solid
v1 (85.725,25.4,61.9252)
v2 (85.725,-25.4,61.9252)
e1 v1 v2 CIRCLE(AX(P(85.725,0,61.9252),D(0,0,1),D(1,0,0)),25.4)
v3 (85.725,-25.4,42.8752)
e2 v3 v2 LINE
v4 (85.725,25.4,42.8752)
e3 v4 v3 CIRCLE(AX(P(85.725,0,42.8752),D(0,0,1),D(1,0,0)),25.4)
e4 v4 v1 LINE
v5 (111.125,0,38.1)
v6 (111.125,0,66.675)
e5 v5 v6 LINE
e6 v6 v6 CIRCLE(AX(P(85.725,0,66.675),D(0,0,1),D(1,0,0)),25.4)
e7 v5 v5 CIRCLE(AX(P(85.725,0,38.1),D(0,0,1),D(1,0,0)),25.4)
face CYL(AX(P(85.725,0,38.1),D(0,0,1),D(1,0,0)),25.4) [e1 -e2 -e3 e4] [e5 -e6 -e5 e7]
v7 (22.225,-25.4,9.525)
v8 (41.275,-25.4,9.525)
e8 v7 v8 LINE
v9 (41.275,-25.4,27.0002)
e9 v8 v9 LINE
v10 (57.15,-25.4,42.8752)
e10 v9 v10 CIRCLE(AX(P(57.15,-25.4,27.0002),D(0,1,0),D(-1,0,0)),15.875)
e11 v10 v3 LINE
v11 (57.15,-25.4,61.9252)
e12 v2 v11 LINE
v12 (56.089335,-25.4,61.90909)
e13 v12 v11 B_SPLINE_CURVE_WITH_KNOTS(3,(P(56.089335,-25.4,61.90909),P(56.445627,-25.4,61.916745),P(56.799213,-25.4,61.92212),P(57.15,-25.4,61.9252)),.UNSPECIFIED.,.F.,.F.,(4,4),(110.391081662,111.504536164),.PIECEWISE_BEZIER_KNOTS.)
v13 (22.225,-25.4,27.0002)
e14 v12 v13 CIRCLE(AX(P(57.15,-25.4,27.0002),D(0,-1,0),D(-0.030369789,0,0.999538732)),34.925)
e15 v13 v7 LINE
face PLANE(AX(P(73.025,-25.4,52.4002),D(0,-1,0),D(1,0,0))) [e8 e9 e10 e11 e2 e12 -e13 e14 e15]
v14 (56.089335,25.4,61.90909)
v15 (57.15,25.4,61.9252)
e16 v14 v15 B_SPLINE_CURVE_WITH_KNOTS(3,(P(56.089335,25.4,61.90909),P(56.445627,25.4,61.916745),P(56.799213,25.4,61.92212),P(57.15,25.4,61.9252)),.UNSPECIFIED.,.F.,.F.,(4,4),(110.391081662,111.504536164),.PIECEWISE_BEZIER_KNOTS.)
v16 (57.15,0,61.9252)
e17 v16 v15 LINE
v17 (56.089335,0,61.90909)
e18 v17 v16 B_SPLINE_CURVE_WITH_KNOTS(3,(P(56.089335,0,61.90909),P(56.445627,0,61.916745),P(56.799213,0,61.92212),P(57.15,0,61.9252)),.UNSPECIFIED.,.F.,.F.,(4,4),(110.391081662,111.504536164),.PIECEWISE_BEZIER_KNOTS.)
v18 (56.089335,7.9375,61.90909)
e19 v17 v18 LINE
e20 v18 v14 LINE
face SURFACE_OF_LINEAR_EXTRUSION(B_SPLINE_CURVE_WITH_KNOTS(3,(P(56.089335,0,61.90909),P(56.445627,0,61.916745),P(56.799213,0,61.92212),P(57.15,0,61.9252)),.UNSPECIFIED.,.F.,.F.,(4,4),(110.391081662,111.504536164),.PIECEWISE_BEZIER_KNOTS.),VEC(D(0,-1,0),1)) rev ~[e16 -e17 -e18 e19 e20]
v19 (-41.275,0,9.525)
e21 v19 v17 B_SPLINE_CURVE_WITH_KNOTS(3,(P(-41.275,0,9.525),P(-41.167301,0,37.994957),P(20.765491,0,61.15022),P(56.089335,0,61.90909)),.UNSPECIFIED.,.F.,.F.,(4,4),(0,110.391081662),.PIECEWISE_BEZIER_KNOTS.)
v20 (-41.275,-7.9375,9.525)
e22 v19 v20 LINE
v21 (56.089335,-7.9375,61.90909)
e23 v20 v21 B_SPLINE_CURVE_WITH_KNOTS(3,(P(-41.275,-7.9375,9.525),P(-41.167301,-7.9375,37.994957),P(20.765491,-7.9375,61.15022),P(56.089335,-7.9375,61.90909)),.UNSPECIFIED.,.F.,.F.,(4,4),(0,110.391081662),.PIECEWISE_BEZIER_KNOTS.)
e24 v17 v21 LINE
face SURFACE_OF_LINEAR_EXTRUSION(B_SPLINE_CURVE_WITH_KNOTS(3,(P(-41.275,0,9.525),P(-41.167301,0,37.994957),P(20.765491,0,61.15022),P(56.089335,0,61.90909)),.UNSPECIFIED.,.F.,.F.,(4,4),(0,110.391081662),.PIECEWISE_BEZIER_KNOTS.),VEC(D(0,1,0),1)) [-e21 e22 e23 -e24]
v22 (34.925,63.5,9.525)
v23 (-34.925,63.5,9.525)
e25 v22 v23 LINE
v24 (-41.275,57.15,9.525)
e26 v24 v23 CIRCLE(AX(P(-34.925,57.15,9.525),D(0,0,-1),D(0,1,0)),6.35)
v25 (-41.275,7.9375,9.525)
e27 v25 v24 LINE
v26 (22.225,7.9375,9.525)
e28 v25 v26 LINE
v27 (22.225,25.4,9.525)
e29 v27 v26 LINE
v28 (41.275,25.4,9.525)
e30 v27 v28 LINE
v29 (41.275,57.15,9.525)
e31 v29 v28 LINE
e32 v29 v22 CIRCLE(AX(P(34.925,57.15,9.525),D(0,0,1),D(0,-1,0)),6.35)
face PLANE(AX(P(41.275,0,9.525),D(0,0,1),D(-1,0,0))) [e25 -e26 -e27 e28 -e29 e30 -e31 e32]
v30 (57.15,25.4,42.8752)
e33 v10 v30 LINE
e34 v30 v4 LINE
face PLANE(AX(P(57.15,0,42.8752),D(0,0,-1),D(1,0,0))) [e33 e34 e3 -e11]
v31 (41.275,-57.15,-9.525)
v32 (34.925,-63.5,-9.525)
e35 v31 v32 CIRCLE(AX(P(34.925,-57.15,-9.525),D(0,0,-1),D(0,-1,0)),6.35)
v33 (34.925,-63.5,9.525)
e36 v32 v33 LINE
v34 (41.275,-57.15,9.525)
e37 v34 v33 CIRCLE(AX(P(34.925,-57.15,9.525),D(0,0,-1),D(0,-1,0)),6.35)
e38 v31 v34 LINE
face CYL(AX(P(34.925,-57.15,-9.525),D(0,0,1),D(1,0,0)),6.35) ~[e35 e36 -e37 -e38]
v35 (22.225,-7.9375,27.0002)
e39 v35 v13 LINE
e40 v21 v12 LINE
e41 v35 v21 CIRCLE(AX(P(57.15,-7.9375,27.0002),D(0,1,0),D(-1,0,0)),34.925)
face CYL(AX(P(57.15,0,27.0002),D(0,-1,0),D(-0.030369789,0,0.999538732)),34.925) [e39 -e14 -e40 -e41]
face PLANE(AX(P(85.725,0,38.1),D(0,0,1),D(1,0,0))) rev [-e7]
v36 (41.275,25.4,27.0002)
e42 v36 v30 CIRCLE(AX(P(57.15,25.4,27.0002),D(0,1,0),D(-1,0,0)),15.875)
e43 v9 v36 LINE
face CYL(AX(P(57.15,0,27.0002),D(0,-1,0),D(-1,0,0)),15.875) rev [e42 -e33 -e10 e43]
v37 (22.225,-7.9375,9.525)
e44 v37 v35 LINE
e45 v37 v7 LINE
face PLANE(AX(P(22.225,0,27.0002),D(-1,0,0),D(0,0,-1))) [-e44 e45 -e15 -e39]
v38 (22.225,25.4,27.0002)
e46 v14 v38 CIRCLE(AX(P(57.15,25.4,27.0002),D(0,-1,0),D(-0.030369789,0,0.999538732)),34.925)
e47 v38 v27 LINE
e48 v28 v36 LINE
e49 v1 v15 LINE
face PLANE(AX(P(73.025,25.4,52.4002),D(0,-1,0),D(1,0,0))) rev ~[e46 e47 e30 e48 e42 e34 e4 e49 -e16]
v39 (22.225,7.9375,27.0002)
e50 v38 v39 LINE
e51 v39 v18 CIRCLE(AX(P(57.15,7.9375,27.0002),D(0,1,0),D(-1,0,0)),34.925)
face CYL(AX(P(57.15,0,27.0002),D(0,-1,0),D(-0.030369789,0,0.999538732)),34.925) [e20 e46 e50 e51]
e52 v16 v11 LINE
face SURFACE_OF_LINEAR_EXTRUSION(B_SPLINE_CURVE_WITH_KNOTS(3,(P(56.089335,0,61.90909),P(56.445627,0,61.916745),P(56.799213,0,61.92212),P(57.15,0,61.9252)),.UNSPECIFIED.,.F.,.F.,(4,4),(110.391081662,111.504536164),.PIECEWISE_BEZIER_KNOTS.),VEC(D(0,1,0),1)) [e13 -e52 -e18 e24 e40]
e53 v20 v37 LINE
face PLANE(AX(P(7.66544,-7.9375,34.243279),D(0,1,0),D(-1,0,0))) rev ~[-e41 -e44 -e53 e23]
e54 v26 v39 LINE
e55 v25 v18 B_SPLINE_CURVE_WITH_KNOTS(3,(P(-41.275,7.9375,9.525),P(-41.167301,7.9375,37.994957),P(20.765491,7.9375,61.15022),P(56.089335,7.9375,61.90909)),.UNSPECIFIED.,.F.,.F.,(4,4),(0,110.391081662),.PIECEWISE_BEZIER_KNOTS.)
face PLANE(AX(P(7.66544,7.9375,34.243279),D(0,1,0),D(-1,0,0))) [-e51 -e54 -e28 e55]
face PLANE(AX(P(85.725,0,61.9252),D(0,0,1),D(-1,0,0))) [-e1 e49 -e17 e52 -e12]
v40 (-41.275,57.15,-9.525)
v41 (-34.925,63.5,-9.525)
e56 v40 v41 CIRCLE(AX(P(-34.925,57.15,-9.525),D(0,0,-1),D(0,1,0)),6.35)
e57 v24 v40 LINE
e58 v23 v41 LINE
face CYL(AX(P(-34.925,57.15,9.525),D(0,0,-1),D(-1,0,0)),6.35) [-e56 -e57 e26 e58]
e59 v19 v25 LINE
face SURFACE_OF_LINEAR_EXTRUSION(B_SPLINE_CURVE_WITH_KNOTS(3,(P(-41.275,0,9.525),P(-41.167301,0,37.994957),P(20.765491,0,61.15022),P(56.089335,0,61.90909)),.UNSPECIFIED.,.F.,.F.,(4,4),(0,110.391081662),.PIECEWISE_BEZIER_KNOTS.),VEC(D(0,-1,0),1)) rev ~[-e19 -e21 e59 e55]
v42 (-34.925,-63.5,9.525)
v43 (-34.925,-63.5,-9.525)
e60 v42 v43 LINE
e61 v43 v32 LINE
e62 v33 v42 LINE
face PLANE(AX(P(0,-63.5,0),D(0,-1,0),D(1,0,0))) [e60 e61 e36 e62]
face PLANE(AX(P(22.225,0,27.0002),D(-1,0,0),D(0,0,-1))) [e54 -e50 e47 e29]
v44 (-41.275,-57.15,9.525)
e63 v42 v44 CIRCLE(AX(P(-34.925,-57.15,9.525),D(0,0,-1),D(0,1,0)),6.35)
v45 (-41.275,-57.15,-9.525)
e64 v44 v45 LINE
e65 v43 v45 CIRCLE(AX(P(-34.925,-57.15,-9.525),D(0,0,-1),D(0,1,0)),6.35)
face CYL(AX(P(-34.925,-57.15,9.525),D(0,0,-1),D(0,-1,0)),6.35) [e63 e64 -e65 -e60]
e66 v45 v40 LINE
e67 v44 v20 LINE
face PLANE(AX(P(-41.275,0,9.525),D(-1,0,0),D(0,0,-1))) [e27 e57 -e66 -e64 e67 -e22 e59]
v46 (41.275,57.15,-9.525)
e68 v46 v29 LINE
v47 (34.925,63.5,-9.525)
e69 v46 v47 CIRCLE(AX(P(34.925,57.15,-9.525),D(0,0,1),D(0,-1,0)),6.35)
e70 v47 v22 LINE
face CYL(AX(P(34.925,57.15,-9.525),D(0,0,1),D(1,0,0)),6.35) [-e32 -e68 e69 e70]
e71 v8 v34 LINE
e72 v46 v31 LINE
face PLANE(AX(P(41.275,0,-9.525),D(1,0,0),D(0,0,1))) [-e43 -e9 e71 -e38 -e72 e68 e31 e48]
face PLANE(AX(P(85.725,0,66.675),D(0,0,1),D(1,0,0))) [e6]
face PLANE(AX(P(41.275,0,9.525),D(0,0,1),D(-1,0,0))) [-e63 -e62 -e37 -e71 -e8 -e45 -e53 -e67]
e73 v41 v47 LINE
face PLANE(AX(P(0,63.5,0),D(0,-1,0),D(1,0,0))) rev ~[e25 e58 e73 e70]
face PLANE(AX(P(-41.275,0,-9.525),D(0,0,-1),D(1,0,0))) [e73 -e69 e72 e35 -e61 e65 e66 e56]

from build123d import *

# Parameters (mm, degrees)
F1_DEPTH = 63.5
F0_W     = 25.4
F0_H     = 19.05
F2_DEPTH = 25.4
F3_DEPTH = 7.9375
F5_R     = 6.35


with BuildPart() as f1:
    # F0 (on Front) → F1 (new body, symmetric)
    with BuildSketch(Plane.XZ):
        Polygon((-41.275, -9.525), (41.275, -9.525), (41.275, 9.525), (22.225, 9.525), (-41.275, 9.525), align=None)
    extrude(amount=F1_DEPTH, both=True)

    # F0 (on Front) → F2 (join, symmetric)
    with BuildSketch(Plane.XZ):
        with Locations((73.025, 52.4002)):
            Rectangle(F0_W, F0_H)
        with BuildLine():
            Line((22.225, 9.525), (41.275, 9.525))
            Line((41.275, 9.525), (41.275, 27.0002))
            ThreePointArc((41.275, 27.0002), (45.9246798487, 38.2255201513), (57.15, 42.8752))
            Line((57.15, 42.8752), (60.325, 42.8752))
            Line((60.325, 42.8752), (60.325, 61.9252))
            Line((60.325, 61.9252), (57.15, 61.9252))
            add(Edge.make_bspline(
                [(56.0893351364, 61.9090902007), (56.4456274425, 61.9167445082), (56.7992126462, 61.9221202842), (57.15, 61.9252)],
                knots=[110.3910816618, 110.3910816618, 110.3910816618, 110.3910816618, 111.5045361635, 111.5045361635, 111.5045361635, 111.5045361635], degree=3))
            ThreePointArc((56.0893351364, 61.9090902007), (32.082098758, 51.3180114212), (22.225, 27.0002))
            Line((22.225, 27.0002), (22.225, 9.525))
        make_face()
    extrude(amount=F2_DEPTH, both=True)

    # F0 (on Front) → F3 (join, symmetric)
    with BuildSketch(Plane.XZ):
        with BuildLine():
            add(Edge.make_bspline(
                [(-41.275, 9.525), (-41.167300735, 37.9949573937), (20.7654911939, 61.1502201412), (56.0893351364, 61.9090902007)],
                knots=[0, 0, 0, 0, 110.3910816618, 110.3910816618, 110.3910816618, 110.3910816618], degree=3))
            Line((-41.275, 9.525), (22.225, 9.525))
            Line((22.225, 9.525), (22.225, 27.0002))
            ThreePointArc((22.225, 27.0002), (32.082098758, 51.3180114212), (56.0893351364, 61.9090902007))
        make_face()
    extrude(amount=F3_DEPTH, both=True)

    # F0 (on Front) → F4 (revolve)
    with BuildSketch(Plane.XZ):
        Polygon((85.725, 61.9252), (85.725, 42.8752), (85.725, 38.1), (111.125, 38.1), (111.125, 66.675), (85.725, 66.675), align=None)
    revolve(axis=Axis((85.725, 0, 52.3875), (0, 0, 1)))

    # F5
    f5_edges = [f1.edges().sort_by_distance(p)[0] for p in [
        (-41.275, -63.5, 0),
        (41.275, -63.5, 0),
        (41.275, 63.5, 0),
        (-41.275, 63.5, 0),
    ]]
    fillet(f5_edges, radius=F5_R)


solid = f1.part
